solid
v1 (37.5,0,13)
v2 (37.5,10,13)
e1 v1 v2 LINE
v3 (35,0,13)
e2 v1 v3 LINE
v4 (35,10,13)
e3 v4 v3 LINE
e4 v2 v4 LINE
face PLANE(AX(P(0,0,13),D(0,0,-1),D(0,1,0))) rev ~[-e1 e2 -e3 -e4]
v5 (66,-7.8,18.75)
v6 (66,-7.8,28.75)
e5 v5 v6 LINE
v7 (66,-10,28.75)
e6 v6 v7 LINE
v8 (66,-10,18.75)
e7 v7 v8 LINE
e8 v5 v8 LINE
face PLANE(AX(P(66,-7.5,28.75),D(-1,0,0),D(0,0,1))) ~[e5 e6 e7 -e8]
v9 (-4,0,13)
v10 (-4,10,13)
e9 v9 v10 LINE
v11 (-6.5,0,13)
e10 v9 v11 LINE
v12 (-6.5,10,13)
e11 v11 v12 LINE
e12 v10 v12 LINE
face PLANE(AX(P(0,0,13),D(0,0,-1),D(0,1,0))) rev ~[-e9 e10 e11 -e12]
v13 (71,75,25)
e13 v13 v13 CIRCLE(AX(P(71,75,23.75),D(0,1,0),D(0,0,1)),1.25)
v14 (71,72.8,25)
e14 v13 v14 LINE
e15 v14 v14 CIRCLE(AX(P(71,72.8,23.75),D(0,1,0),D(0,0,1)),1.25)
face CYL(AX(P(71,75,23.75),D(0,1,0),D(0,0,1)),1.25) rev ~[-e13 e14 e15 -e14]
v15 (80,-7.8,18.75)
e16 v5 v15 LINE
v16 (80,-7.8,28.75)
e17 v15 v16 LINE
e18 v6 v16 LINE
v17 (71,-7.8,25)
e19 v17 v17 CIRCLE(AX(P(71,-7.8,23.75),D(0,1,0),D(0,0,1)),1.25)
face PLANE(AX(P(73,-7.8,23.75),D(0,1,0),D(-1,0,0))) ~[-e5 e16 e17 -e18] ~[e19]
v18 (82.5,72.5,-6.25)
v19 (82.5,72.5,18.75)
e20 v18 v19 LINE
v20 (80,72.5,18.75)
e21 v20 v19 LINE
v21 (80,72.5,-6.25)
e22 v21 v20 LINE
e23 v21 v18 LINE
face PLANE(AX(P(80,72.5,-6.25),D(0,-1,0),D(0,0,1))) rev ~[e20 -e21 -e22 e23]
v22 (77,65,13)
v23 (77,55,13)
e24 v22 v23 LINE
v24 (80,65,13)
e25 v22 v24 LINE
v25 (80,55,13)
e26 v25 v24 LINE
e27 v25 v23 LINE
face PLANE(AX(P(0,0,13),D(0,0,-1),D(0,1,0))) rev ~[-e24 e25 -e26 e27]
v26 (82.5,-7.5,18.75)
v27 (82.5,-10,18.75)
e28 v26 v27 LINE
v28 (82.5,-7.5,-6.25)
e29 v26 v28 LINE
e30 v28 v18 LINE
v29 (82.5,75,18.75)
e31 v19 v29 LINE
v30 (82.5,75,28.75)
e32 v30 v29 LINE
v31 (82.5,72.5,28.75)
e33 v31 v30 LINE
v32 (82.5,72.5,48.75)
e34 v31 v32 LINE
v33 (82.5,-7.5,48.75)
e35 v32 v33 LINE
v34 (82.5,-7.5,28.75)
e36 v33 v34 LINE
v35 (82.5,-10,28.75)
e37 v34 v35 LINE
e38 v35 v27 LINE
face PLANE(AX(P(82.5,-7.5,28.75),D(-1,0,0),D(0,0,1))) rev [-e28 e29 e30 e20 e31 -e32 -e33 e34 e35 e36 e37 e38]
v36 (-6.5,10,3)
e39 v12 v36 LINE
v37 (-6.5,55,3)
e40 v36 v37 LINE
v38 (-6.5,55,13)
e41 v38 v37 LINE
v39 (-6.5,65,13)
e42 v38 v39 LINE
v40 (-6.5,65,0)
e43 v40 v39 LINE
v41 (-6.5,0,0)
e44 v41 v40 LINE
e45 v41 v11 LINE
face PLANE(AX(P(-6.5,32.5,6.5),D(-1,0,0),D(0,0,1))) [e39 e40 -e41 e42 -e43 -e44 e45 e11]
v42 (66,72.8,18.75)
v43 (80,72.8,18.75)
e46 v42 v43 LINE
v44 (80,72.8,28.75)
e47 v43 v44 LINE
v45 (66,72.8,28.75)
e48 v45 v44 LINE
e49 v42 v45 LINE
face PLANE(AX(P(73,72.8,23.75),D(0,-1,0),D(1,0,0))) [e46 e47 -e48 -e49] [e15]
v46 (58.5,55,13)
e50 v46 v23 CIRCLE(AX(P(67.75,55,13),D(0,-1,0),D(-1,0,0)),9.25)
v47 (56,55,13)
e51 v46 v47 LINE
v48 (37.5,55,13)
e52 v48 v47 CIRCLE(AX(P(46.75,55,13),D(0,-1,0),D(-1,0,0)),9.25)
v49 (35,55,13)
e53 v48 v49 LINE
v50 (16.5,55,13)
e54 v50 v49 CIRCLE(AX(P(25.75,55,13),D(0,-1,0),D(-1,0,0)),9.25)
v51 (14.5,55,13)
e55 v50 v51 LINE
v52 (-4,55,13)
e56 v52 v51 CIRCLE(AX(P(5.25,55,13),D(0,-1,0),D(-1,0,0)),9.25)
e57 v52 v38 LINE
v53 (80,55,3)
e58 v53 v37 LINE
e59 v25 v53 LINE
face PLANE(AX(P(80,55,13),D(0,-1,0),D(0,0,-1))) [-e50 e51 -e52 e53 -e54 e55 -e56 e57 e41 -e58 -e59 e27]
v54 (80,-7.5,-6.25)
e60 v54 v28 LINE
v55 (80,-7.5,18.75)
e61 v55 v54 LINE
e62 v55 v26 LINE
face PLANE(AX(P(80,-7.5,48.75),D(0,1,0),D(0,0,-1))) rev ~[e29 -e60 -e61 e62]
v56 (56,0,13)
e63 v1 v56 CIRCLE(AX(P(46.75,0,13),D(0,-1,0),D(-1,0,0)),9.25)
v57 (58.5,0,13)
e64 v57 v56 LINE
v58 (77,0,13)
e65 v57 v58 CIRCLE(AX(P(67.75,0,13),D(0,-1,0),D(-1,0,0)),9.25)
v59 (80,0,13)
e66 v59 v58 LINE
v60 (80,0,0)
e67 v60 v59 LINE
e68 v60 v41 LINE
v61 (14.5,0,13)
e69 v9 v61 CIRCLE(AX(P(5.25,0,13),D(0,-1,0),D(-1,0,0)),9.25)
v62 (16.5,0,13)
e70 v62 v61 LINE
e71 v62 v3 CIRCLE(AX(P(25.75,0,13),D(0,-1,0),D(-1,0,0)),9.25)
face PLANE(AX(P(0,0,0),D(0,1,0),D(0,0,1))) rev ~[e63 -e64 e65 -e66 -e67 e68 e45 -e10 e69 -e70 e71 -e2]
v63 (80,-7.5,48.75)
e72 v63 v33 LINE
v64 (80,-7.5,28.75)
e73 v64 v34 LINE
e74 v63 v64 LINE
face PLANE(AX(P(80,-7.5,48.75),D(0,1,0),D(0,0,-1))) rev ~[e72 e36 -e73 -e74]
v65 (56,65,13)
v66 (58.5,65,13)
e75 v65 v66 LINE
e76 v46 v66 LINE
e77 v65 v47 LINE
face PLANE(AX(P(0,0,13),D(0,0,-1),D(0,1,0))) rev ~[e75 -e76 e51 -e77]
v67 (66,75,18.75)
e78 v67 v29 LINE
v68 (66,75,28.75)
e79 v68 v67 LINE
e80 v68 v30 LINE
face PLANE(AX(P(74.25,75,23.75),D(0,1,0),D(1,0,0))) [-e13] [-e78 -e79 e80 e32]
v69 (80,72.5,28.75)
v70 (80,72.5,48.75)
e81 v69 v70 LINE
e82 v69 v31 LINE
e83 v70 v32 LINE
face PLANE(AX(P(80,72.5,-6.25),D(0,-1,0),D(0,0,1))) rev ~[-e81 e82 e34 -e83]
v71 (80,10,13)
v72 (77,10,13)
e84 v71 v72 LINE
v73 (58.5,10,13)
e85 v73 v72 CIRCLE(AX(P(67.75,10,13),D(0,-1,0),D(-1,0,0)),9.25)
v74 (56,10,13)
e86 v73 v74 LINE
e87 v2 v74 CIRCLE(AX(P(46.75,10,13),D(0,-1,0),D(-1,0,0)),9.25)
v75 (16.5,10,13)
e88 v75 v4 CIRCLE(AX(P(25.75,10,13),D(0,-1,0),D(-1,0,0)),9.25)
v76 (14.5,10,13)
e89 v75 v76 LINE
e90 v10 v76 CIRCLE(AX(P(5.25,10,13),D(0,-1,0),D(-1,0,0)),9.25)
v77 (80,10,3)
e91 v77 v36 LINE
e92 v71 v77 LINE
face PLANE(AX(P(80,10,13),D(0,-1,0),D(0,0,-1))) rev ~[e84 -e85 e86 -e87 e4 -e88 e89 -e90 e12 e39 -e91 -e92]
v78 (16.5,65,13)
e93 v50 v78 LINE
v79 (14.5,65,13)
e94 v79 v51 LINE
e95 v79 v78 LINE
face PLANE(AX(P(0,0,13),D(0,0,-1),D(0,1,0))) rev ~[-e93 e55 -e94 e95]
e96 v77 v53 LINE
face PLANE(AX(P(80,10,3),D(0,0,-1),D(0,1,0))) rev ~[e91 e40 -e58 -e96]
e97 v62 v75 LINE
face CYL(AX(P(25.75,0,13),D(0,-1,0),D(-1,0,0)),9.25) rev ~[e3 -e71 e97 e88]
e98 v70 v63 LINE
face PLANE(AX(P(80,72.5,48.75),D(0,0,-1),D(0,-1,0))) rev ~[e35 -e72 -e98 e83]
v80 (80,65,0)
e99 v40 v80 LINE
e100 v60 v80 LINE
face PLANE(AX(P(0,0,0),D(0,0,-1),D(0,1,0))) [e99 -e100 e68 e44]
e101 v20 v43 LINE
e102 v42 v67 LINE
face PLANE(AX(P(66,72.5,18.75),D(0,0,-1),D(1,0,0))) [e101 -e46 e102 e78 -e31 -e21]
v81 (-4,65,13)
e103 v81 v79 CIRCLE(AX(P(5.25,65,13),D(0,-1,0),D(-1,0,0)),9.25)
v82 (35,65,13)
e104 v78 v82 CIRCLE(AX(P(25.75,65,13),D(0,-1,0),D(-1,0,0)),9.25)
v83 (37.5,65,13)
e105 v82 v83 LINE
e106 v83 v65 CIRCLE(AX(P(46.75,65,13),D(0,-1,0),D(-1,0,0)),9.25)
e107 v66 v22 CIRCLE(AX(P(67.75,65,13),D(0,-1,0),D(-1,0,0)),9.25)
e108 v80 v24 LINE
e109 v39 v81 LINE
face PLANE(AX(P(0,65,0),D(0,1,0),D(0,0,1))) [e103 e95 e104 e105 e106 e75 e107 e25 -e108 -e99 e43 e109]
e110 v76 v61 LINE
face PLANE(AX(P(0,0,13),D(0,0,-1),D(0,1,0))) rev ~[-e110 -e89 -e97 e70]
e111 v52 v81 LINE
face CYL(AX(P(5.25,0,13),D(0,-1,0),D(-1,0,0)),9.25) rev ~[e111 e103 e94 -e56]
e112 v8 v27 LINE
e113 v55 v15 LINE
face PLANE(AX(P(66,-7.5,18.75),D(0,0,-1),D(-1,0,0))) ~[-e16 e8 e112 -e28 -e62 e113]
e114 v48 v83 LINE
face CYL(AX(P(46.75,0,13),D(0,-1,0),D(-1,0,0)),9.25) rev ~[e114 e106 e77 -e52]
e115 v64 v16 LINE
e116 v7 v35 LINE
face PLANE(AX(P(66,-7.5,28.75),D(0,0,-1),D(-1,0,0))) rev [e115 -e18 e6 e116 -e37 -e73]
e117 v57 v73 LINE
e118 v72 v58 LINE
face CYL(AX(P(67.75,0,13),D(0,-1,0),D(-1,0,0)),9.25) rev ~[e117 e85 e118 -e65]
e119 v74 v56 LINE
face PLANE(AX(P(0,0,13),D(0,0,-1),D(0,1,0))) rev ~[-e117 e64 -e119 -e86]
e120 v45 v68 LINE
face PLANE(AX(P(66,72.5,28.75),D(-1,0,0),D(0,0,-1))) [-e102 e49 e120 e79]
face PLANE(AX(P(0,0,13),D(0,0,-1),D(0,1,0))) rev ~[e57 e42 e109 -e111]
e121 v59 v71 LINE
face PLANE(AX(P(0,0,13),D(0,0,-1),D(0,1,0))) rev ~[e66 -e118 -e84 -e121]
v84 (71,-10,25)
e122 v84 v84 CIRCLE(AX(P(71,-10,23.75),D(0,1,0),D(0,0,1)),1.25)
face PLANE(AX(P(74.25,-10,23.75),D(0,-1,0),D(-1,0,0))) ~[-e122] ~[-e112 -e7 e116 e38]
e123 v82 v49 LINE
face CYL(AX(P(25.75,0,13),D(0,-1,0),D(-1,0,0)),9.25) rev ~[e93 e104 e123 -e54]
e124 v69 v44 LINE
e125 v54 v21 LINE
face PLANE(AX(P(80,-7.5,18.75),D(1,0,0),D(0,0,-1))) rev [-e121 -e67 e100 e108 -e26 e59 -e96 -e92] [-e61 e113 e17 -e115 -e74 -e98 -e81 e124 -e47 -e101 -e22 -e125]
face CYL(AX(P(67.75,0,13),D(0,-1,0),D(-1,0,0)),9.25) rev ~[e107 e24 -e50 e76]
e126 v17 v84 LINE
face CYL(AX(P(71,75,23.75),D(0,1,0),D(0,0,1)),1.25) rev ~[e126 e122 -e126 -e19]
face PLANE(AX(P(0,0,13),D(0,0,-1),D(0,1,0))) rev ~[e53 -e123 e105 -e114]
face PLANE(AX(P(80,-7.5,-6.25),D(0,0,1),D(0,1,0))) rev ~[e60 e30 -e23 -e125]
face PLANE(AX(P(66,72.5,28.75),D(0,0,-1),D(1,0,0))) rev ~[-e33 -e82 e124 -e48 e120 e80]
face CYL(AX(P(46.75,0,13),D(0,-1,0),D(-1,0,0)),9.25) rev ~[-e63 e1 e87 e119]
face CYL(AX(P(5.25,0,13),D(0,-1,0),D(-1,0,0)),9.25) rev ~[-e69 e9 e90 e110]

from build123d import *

# Parameters (mm, degrees)
ESBO_O1_W                = 80
ESBO_O1_H                = 65
RESSALTO_EXTRUS_O1_DEPTH = 13
ESBO_O3_W                = 13
ESBO_O3_H                = 65
RESSALTO_EXTRUS_O2_DEPTH = 6.5
CORTE_EXTRUS_O1_DEPTH    = 65
CORTE_EXTRUS_O2_REACH    = 110.978
ESBO_O5_W                = 10
ESBO_O5_H                = 45
RESSALTO_EXTRUS_O4_DEPTH = 2.5
ESBO_O7_W                = 16.5
ESBO_O7_H                = 10
RESSALTO_EXTRUS_O5_DEPTH = 2.5
ESBO_O9_R                = 1.25
CORTE_EXTRUS_O3_DEPTH    = 129.092983805
ESBO_O11_W               = 14
ESBO_O11_H               = 10
CORTE_EXTRUS_O4_DEPTH    = 0.3


with BuildPart() as part:
    # Esboço1 → Ressalto-extrusão1 (new body)
    with BuildSketch(Plane.XY):
        with Locations((40, 32.5)):
            Rectangle(ESBO_O1_W, ESBO_O1_H)
    extrude(amount=RESSALTO_EXTRUS_O1_DEPTH)

    # Esboço3 → Ressalto-extrusão2 (add)
    with BuildSketch(Plane.ZY):
        with Locations((6.5, 32.5)):
            Rectangle(ESBO_O3_W, ESBO_O3_H)
    extrude(amount=RESSALTO_EXTRUS_O2_DEPTH)

    # Esboço4 → Corte-extrusão1 (cut)
    with BuildSketch(Plane(origin=(0, 0, 0), x_dir=(-1, 0, 0), z_dir=(0, -1, 0))):
        with BuildLine():
            ThreePointArc((-14.5, -13), (-5.25, -22.25), (4, -13))
            Line((4, -13), (-5.25, -13))
            Line((-5.25, -13), (-14.5, -13))
        make_face()
        with BuildLine():
            Line((-5.25, -13), (4, -13))
            ThreePointArc((4, -13), (-5.25, -3.75), (-14.5, -13))
            Line((-14.5, -13), (-5.25, -13))
        make_face()
        with BuildLine():
            ThreePointArc((-35, -13), (-25.75, -22.25), (-16.5, -13))
            Line((-16.5, -13), (-25.75, -13))
            Line((-25.75, -13), (-35, -13))
        make_face()
        with BuildLine():
            Line((-25.75, -13), (-16.5, -13))
            ThreePointArc((-16.5, -13), (-25.75, -3.75), (-35, -13))
            Line((-35, -13), (-25.75, -13))
        make_face()
        with BuildLine():
            ThreePointArc((-56, -13), (-46.75, -22.25), (-37.5, -13))
            Line((-37.5, -13), (-46.75, -13))
            Line((-46.75, -13), (-56, -13))
        make_face()
        with BuildLine():
            Line((-46.75, -13), (-37.5, -13))
            ThreePointArc((-37.5, -13), (-46.75, -3.75), (-56, -13))
            Line((-56, -13), (-46.75, -13))
        make_face()
        with BuildLine():
            ThreePointArc((-77, -13), (-67.75, -22.25), (-58.5, -13))
            Line((-58.5, -13), (-67.75, -13))
            Line((-67.75, -13), (-77, -13))
        make_face()
        with BuildLine():
            Line((-67.75, -13), (-58.5, -13))
            ThreePointArc((-58.5, -13), (-67.75, -3.75), (-77, -13))
            Line((-77, -13), (-67.75, -13))
        make_face()
    extrude(amount=-CORTE_EXTRUS_O1_DEPTH, mode=Mode.SUBTRACT)

    # Esboço5 → Corte-extrusão2 (cut, up to next)
    with BuildSketch(Plane(origin=(80, 0, 0), x_dir=(0, 0, -1), z_dir=(1, 0, 0)), mode=Mode.PRIVATE) as corte_extrus_o2_sk1:
        with Locations((-8, 32.5)):
            Rectangle(ESBO_O5_W, ESBO_O5_H)
    corte_extrus_o2_tool1 = extrude(corte_extrus_o2_sk1.sketch, amount=-CORTE_EXTRUS_O2_REACH, mode=Mode.PRIVATE) & part.part
    add(corte_extrus_o2_tool1.solids().sort_by_distance((80, 32.5, 8))[0], mode=Mode.SUBTRACT)

    # Esboço6 → Ressalto-extrusão4 (add)
    with BuildSketch(Plane(origin=(80, 0, 0), x_dir=(0, 0, -1), z_dir=(1, 0, 0))):
        Polygon((6.25, -7.5), (6.25, 32.5), (6.25, 72.5), (-48.75, 72.5), (-48.75, -7.5), align=None)
    extrude(amount=RESSALTO_EXTRUS_O4_DEPTH)

    # Esboço7 → Ressalto-extrusão5 (add)
    with BuildSketch(Plane(origin=(0, 72.5, 0), x_dir=(1, 0, 0), z_dir=(0, 1, 0))):
        with Locations((74.25, -23.75)):
            Rectangle(ESBO_O7_W, ESBO_O7_H)
    ressalto_extrus_o5 = extrude(amount=RESSALTO_EXTRUS_O5_DEPTH)

    # Espelhar1: Ressalto-extrusão5 across plane
    add(ressalto_extrus_o5.mirror(Plane(origin=(0, 32.5, 0), x_dir=(0, 0, 1), z_dir=(0, -1, 0))))

    # Esboço9 → Corte-extrusão3 (cut, through all)
    with BuildSketch(Plane(origin=(0, 75, 0), x_dir=(1, 0, 0), z_dir=(0, 1, 0))):
        with Locations(Location((71, -23.75, 0), (0, 0, 270))):
            Circle(ESBO_O9_R)
    extrude(amount=-CORTE_EXTRUS_O3_DEPTH, mode=Mode.SUBTRACT)

    # Esboço11 → Corte-extrusão4 (cut)
    with BuildSketch(Plane.XZ.offset(-72.5)):
        with Locations((73, 23.75)):
            Rectangle(ESBO_O11_W, ESBO_O11_H)
    corte_extrus_o4 = extrude(amount=-CORTE_EXTRUS_O4_DEPTH, mode=Mode.SUBTRACT)

    # Espelhar2: Corte-extrusão4 across plane
    add(corte_extrus_o4.mirror(Plane(origin=(0, 32.5, 0), x_dir=(0, 0, 1), z_dir=(0, -1, 0))), mode=Mode.SUBTRACT)


solid = part.part
